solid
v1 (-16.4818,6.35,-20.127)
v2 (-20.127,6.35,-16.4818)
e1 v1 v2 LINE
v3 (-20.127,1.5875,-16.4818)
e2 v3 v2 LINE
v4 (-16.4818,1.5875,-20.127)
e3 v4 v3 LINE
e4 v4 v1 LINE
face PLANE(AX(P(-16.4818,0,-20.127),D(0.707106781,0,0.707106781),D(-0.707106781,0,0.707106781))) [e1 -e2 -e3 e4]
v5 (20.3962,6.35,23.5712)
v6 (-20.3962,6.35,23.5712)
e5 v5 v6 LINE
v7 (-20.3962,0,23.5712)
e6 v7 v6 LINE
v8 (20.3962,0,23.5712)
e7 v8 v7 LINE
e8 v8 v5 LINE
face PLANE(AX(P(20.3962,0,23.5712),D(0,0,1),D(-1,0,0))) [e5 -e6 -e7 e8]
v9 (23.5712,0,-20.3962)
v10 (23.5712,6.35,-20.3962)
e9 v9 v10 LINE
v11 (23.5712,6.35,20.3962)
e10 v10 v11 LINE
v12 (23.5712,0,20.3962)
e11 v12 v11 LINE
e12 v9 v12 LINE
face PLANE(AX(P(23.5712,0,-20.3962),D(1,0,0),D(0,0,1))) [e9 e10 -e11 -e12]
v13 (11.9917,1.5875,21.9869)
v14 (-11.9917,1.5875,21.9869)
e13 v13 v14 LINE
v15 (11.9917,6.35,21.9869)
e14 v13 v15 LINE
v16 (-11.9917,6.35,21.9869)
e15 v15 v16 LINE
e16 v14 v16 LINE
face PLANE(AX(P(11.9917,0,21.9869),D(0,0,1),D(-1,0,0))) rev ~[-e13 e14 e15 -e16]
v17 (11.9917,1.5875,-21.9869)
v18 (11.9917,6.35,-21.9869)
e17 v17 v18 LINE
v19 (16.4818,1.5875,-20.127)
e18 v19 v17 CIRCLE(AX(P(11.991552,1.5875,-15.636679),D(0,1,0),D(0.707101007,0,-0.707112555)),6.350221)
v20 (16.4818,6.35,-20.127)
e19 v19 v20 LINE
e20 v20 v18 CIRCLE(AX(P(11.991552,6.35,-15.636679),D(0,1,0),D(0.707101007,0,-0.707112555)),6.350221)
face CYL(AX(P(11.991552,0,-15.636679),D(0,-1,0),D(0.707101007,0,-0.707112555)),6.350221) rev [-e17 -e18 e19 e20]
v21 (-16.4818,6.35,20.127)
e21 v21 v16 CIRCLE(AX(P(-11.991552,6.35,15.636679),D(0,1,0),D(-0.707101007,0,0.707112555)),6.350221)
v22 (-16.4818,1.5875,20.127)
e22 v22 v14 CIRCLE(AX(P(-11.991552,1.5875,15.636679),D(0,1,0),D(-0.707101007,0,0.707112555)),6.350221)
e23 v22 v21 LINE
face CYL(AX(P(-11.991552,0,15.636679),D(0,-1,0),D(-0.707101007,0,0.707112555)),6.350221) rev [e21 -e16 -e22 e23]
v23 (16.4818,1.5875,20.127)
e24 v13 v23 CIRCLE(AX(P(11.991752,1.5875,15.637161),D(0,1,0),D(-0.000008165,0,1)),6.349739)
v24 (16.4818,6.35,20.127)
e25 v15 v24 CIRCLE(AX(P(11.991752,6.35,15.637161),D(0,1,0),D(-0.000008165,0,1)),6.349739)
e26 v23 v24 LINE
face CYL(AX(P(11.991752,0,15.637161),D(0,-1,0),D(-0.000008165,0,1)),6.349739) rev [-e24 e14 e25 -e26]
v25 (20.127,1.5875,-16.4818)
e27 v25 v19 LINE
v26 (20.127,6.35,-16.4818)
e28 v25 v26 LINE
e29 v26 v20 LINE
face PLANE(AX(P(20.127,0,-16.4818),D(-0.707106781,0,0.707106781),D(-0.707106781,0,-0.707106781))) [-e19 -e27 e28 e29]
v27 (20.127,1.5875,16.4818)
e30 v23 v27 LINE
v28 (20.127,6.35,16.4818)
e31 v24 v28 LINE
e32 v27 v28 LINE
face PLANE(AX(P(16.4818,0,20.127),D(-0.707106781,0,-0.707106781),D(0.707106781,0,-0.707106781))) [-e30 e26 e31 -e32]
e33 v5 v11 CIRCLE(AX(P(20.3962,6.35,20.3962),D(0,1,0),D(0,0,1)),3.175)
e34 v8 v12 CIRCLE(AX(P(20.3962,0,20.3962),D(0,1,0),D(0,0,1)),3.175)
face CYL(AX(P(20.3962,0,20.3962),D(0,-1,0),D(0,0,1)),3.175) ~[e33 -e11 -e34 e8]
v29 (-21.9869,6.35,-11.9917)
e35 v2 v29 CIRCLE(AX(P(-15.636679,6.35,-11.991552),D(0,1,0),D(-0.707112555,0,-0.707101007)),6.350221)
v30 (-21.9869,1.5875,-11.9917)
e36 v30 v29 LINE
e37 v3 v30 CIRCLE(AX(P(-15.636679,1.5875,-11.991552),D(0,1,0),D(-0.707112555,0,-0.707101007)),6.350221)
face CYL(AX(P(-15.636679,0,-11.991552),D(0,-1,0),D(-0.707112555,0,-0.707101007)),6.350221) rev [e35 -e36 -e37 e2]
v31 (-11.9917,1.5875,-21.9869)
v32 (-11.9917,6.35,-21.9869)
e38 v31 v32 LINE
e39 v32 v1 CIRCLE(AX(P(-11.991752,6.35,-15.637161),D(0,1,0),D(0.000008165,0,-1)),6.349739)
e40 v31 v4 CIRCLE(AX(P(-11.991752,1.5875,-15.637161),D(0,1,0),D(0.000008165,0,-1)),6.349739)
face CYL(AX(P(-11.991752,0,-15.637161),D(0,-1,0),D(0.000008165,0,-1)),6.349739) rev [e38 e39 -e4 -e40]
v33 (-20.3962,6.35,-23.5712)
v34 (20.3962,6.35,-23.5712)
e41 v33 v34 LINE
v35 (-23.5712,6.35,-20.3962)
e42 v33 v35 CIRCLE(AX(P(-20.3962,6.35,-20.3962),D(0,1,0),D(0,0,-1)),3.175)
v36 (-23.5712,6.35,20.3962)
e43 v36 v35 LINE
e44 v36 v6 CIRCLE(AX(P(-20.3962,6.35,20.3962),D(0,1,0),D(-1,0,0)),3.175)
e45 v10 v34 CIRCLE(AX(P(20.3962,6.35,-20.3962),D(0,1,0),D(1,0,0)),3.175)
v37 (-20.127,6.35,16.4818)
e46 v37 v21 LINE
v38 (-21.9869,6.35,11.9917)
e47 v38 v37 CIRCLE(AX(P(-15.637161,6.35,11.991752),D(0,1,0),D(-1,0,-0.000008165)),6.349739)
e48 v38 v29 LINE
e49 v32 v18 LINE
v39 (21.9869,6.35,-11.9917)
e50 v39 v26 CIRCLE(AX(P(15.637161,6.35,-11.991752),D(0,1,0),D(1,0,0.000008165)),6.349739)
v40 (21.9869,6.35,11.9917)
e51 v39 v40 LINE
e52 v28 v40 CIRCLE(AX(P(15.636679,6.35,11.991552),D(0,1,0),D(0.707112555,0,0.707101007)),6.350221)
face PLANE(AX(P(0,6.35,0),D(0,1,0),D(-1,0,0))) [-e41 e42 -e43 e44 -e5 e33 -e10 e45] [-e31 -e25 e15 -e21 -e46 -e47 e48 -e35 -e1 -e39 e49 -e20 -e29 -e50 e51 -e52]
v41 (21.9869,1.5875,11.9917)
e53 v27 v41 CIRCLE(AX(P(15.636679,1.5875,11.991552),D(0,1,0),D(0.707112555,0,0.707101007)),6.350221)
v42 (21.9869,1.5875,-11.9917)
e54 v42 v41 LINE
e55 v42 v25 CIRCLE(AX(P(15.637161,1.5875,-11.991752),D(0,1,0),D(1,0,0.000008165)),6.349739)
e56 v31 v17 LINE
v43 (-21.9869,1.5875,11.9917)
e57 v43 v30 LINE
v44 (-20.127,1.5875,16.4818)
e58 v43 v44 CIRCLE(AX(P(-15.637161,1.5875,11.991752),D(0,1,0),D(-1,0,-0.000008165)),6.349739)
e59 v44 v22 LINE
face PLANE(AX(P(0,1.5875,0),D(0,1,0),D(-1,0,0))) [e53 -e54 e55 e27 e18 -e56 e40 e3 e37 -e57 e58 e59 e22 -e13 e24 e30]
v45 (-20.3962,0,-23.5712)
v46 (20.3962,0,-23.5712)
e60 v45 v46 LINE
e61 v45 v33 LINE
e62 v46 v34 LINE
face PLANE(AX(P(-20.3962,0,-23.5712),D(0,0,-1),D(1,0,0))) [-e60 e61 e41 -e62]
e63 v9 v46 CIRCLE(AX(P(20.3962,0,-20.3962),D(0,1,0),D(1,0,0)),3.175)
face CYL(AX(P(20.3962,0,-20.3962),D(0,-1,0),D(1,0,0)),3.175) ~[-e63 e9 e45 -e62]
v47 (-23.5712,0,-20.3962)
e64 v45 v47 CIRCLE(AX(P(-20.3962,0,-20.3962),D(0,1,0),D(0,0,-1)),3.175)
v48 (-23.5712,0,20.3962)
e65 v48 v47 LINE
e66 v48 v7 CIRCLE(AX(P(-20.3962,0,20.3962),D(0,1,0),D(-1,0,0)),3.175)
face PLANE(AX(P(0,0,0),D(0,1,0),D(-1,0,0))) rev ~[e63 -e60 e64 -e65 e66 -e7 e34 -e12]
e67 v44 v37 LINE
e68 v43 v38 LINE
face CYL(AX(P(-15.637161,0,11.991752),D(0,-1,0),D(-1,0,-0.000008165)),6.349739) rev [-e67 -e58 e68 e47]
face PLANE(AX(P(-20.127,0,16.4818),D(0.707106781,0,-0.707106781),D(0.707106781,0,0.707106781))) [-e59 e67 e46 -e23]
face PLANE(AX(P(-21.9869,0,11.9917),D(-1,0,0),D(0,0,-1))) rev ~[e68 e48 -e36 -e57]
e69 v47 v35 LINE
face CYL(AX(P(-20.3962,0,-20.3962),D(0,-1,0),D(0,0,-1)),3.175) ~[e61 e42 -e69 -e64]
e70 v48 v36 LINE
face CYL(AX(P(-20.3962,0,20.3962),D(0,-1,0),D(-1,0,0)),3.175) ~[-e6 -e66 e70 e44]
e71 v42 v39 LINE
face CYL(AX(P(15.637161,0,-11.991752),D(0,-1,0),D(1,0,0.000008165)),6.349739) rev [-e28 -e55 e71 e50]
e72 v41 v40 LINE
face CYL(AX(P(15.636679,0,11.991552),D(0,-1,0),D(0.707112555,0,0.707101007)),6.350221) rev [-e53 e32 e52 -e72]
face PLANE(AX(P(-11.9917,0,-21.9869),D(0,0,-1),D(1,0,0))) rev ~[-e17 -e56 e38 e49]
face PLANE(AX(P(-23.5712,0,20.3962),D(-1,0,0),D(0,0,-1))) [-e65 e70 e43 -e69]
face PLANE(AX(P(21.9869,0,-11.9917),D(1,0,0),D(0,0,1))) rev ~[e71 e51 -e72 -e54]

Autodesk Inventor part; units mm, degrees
ref_plane "YZ Plane" through (0, 0, 0) normal (1, 0, 0) x (0, 1, 0)
ref_plane "XZ Plane" through (0, 0, 0) normal (0, 1, 0) x (-1, 0, 0)
ref_plane "XY Plane" through (0, 0, 0) normal (0, 0, 1) x (1, 0, 0)
sketch "Sketch1" plane through (0, 0, 0) normal (0, 1, 0) x (-1, 0, 0)
  circle A0 centre (0, 0) radius 18.3769
  line L0 (18.3769, 18.3769) -> (-18.3769, -18.3769) construction
  line L1 (-18.3769, 18.3769) -> (18.3769, -18.3769) construction
  line L2 (13.335, 21.59) -> (-13.335, 21.59)
  line L3 (-21.59, 13.335) -> (-21.59, -13.335)
  line L4 (-13.335, -21.59) -> (13.335, -21.59)
  line L5 (21.59, -13.335) -> (21.59, 13.335)
  line L6 (21.59, 21.59) -> (-21.59, -21.59) construction
  line L7 (-21.59, 21.59) -> (21.59, -21.59) construction
  line L8 (21.59, 13.335) -> (13.335, 21.59)
  line L9 (-13.335, 21.59) -> (-21.59, 13.335)
  line L10 (-21.59, -13.335) -> (-13.335, -21.59)
  line L11 (13.335, -21.59) -> (21.59, -13.335)
  circle A1 centre (15.24, -15.24) radius 1.0033
  circle A2 centre (-15.24, -15.24) radius 1.0033
  circle A3 centre (-15.24, 15.24) radius 1.0033
  circle A4 centre (15.24, 15.24) radius 1.0033
  line L12 (11.9917, -21.9869) -> (-11.9917, -21.9869)
  line L13 (-21.9869, -11.9917) -> (-21.9869, 11.9917)
  line L14 (-11.9917, 21.9869) -> (11.9917, 21.9869)
  line L15 (21.9869, 11.9917) -> (21.9869, -11.9917)
  line L16 (-20.3962, 23.5712) -> (20.3962, 23.5712)
  line L17 (23.5712, 20.3962) -> (23.5712, -20.3962)
  line L18 (20.3962, -23.5712) -> (-20.3962, -23.5712)
  line L19 (-23.5712, -20.3962) -> (-23.5712, 20.3962)
  line L20 (-23.5712, 23.5712) -> (23.5712, -23.5712) construction
  line L21 (23.5712, 23.5712) -> (-23.5712, -23.5712) construction
  arc A5 (20.3962, -23.5712) -> (23.5712, -20.3962) centre (20.3962, -20.3962) ccw
  arc A6 (-23.5712, -20.3962) -> (-20.3962, -23.5712) centre (-20.3962, -20.3962) ccw
  arc A7 (-20.3962, 23.5712) -> (-23.5712, 20.3962) centre (-20.3962, 20.3962) ccw
  arc A8 (23.5712, 20.3962) -> (20.3962, 23.5712) centre (20.3962, 20.3962) ccw
  circle A9 centre (20.3962, -20.3962) radius 1.0033
  circle A10 centre (-20.3962, -20.3962) radius 1.0033
  circle A11 centre (-20.3962, 20.3962) radius 1.0033
  circle A12 centre (20.3962, 20.3962) radius 1.0033
  line L22 (16.4818, -20.127) -> (20.127, -16.4818)
  line L23 (20.127, 16.4818) -> (16.4818, 20.127)
  line L24 (-16.4818, 20.127) -> (-20.127, 16.4818)
  line L25 (-20.127, -16.4818) -> (-16.4818, -20.127)
  arc A13 (21.9869, 11.9917) -> (20.127, 16.4818) centre (15.6369, 11.9917) ccw
  arc A14 (16.4818, 20.127) -> (11.9917, 21.9869) centre (11.9917, 15.6369) ccw
  arc A15 (-11.9917, 21.9869) -> (-16.4818, 20.127) centre (-11.9917, 15.6369) ccw
  arc A16 (-20.127, 16.4818) -> (-21.9869, 11.9917) centre (-15.6369, 11.9917) ccw
  arc A17 (-21.9869, -11.9917) -> (-20.127, -16.4818) centre (-15.6369, -11.9917) ccw
  arc A18 (-16.4818, -20.127) -> (-11.9917, -21.9869) centre (-11.9917, -15.6369) ccw
  arc A19 (11.9917, -21.9869) -> (16.4818, -20.127) centre (11.9917, -15.6369) ccw
  arc A20 (20.127, -16.4818) -> (21.9869, -11.9917) centre (15.6369, -11.9917) ccw
  line L26 (4.3815, -5.969) -> (4.3815, -12.5476)
  line L27 (2.794, -14.1351) -> (-2.794, -14.1351)
  line L28 (-4.3815, -12.5476) -> (-4.3815, -5.969)
  line L29 (4.3815, 5.969) -> (4.3815, 12.5476)
  line L30 (2.794, 14.1351) -> (-2.794, 14.1351)
  line L31 (-4.3815, 12.5476) -> (-4.3815, 5.969)
  line L32 (-5.969, -4.3815) -> (-12.5476, -4.3815)
  line L33 (-14.1351, -2.794) -> (-14.1351, 2.794)
  line L34 (-12.5476, 4.3815) -> (-5.969, 4.3815)
  line L35 (5.969, -4.3815) -> (12.5476, -4.3815)
  line L36 (14.1351, -2.794) -> (14.1351, 2.794)
  line L37 (12.5476, 4.3815) -> (5.969, 4.3815)
  arc A21 (2.794, -14.1351) -> (4.3815, -12.5476) centre (2.794, -12.5476) ccw
  arc A22 (-4.3815, -12.5476) -> (-2.794, -14.1351) centre (-2.794, -12.5476) ccw
  arc A23 (-4.3815, -5.969) -> (-5.969, -4.3815) centre (-5.969, -5.969) ccw
  arc A24 (-14.1351, -2.794) -> (-12.5476, -4.3815) centre (-12.5476, -2.794) ccw
  arc A25 (-14.1351, -2.794) -> (-12.5476, -4.3815) centre (-12.5476, -2.794) ccw
  arc A26 (-12.5476, 4.3815) -> (-14.1351, 2.794) centre (-12.5476, 2.794) ccw
  arc A27 (-5.969, 4.3815) -> (-4.3815, 5.969) centre (-5.969, 5.969) ccw
  arc A28 (-2.794, 14.1351) -> (-4.3815, 12.5476) centre (-2.794, 12.5476) ccw
  arc A29 (4.3815, 12.5476) -> (2.794, 14.1351) centre (2.794, 12.5476) ccw
  arc A30 (4.3815, 5.969) -> (5.969, 4.3815) centre (5.969, 5.969) ccw
  arc A31 (14.1351, 2.794) -> (12.5476, 4.3815) centre (12.5476, 2.794) ccw
  arc A32 (12.5476, -4.3815) -> (14.1351, -2.794) centre (12.5476, -2.794) ccw
  arc A33 (5.969, -4.3815) -> (4.3815, -5.969) centre (5.969, -5.969) ccw
  line L38 (-2.794, -14.9289) -> (2.794, -14.9289)
  arc A34 (2.794, -14.9289) -> (5.1753, -12.5476) centre (2.794, -12.5476) ccw
  line L39 (5.1753, -12.5476) -> (5.1753, -5.969)
  arc A35 (5.969, -5.1753) -> (5.1753, -5.969) centre (5.969, -5.969) ccw
  line L40 (5.969, -5.1753) -> (12.5476, -5.1753)
  arc A36 (12.5476, -5.1753) -> (14.9289, -2.794) centre (12.5476, -2.794) ccw
  line L41 (14.9289, -2.794) -> (14.9289, 2.794)
  arc A37 (14.9289, 2.794) -> (12.5476, 5.1753) centre (12.5476, 2.794) ccw
  line L42 (12.5476, 5.1753) -> (5.969, 5.1753)
  arc A38 (5.1753, 5.969) -> (5.969, 5.1753) centre (5.969, 5.969) ccw
  line L43 (5.1753, 5.969) -> (5.1753, 12.5476)
  arc A39 (5.1753, 12.5476) -> (2.794, 14.9289) centre (2.794, 12.5476) ccw
  line L44 (2.794, 14.9289) -> (-2.794, 14.9289)
  arc A40 (-2.794, 14.9289) -> (-5.1753, 12.5476) centre (-2.794, 12.5476) ccw
  line L45 (-5.1753, 12.5476) -> (-5.1753, 5.969)
  arc A41 (-5.969, 5.1753) -> (-5.1753, 5.969) centre (-5.969, 5.969) ccw
  line L46 (-5.969, 5.1753) -> (-12.5476, 5.1753)
  arc A42 (-12.5476, 5.1753) -> (-14.9289, 2.794) centre (-12.5476, 2.794) ccw
  line L47 (-14.9289, 2.794) -> (-14.9289, -2.794)
  arc A43 (-14.9289, -2.794) -> (-12.5476, -5.1753) centre (-12.5476, -2.794) ccw
  line L48 (-12.5476, -5.1753) -> (-5.969, -5.1753)
  arc A44 (-5.1753, -5.969) -> (-5.969, -5.1753) centre (-5.969, -5.969) ccw
  line L49 (-5.1753, -5.969) -> (-5.1753, -12.5476)
  arc A45 (-5.1753, -12.5476) -> (-2.794, -14.9289) centre (-2.794, -12.5476) ccw
  point P0 (4.3815, -14.1351)
  point P1 (-4.3815, -14.1351)
  point P2 (4.3815, 14.1351)
  point P3 (-14.1351, 4.3815)
  point P4 (-4.3815, 4.3815)
  point P5 (14.1351, 4.3815)
  point P6 (4.3815, 4.3815)
  dimension "d33" = 36.7538
  dimension "d34" = 43.18
  dimension "d35" = 43.18
  dimension "d48" = 2.0066
  dimension "d49" = 2.0066
  dimension "d50" = 2.0066
  dimension "d51" = 2.0066
  dimension "d52" = 0.3969
  dimension "d53" = 47.1424
  dimension "d54" = 47.1424
  dimension "d55" = 3.175
  dimension "d56" = 2.0066
  dimension "d57" = 2.0066
  dimension "d58" = 2.0066
  dimension "d59" = 2.0066
  dimension "d62" = 6.35
  dimension "d79" = 8.763
  dimension "d84" = 1.5875
  dimension "d85" = 0.7937
  dimension "d86" = 9.7536
extrude "Extrusion9" add sketch "Sketch1" along normal blind 6.35 contours L16 A8 L17 A5 L18 A6 L19 A7 | A9 | A10 | A11 | A12
extrude "Extrusion10" add sketch "Sketch1" along normal blind 1.5875 contours A0 | L8 L5 L11 L4 L10 L3 L9 L2 | A1 | A2 | A3 | A4 | L12 A18 L25 A17 L13 A16 L24 A15 L14 A14 L23 A13 L15 A20 L22 A19 | L26 A21 L27 A22 L28 A23 L32 A24 L33 A26 L34 A27 L31 A28 L30 A29 L29 A30 L37 A31 L36 A32 L35 A33 | A45 L49 A44 L48 A43 L47 A42 L46 A41 L45 A40 L44 A39 L43 A38 L42 A37 L41 A36 L40 A35 L39 A34 L38
properties part number "SnakeControllerCase_v3"
